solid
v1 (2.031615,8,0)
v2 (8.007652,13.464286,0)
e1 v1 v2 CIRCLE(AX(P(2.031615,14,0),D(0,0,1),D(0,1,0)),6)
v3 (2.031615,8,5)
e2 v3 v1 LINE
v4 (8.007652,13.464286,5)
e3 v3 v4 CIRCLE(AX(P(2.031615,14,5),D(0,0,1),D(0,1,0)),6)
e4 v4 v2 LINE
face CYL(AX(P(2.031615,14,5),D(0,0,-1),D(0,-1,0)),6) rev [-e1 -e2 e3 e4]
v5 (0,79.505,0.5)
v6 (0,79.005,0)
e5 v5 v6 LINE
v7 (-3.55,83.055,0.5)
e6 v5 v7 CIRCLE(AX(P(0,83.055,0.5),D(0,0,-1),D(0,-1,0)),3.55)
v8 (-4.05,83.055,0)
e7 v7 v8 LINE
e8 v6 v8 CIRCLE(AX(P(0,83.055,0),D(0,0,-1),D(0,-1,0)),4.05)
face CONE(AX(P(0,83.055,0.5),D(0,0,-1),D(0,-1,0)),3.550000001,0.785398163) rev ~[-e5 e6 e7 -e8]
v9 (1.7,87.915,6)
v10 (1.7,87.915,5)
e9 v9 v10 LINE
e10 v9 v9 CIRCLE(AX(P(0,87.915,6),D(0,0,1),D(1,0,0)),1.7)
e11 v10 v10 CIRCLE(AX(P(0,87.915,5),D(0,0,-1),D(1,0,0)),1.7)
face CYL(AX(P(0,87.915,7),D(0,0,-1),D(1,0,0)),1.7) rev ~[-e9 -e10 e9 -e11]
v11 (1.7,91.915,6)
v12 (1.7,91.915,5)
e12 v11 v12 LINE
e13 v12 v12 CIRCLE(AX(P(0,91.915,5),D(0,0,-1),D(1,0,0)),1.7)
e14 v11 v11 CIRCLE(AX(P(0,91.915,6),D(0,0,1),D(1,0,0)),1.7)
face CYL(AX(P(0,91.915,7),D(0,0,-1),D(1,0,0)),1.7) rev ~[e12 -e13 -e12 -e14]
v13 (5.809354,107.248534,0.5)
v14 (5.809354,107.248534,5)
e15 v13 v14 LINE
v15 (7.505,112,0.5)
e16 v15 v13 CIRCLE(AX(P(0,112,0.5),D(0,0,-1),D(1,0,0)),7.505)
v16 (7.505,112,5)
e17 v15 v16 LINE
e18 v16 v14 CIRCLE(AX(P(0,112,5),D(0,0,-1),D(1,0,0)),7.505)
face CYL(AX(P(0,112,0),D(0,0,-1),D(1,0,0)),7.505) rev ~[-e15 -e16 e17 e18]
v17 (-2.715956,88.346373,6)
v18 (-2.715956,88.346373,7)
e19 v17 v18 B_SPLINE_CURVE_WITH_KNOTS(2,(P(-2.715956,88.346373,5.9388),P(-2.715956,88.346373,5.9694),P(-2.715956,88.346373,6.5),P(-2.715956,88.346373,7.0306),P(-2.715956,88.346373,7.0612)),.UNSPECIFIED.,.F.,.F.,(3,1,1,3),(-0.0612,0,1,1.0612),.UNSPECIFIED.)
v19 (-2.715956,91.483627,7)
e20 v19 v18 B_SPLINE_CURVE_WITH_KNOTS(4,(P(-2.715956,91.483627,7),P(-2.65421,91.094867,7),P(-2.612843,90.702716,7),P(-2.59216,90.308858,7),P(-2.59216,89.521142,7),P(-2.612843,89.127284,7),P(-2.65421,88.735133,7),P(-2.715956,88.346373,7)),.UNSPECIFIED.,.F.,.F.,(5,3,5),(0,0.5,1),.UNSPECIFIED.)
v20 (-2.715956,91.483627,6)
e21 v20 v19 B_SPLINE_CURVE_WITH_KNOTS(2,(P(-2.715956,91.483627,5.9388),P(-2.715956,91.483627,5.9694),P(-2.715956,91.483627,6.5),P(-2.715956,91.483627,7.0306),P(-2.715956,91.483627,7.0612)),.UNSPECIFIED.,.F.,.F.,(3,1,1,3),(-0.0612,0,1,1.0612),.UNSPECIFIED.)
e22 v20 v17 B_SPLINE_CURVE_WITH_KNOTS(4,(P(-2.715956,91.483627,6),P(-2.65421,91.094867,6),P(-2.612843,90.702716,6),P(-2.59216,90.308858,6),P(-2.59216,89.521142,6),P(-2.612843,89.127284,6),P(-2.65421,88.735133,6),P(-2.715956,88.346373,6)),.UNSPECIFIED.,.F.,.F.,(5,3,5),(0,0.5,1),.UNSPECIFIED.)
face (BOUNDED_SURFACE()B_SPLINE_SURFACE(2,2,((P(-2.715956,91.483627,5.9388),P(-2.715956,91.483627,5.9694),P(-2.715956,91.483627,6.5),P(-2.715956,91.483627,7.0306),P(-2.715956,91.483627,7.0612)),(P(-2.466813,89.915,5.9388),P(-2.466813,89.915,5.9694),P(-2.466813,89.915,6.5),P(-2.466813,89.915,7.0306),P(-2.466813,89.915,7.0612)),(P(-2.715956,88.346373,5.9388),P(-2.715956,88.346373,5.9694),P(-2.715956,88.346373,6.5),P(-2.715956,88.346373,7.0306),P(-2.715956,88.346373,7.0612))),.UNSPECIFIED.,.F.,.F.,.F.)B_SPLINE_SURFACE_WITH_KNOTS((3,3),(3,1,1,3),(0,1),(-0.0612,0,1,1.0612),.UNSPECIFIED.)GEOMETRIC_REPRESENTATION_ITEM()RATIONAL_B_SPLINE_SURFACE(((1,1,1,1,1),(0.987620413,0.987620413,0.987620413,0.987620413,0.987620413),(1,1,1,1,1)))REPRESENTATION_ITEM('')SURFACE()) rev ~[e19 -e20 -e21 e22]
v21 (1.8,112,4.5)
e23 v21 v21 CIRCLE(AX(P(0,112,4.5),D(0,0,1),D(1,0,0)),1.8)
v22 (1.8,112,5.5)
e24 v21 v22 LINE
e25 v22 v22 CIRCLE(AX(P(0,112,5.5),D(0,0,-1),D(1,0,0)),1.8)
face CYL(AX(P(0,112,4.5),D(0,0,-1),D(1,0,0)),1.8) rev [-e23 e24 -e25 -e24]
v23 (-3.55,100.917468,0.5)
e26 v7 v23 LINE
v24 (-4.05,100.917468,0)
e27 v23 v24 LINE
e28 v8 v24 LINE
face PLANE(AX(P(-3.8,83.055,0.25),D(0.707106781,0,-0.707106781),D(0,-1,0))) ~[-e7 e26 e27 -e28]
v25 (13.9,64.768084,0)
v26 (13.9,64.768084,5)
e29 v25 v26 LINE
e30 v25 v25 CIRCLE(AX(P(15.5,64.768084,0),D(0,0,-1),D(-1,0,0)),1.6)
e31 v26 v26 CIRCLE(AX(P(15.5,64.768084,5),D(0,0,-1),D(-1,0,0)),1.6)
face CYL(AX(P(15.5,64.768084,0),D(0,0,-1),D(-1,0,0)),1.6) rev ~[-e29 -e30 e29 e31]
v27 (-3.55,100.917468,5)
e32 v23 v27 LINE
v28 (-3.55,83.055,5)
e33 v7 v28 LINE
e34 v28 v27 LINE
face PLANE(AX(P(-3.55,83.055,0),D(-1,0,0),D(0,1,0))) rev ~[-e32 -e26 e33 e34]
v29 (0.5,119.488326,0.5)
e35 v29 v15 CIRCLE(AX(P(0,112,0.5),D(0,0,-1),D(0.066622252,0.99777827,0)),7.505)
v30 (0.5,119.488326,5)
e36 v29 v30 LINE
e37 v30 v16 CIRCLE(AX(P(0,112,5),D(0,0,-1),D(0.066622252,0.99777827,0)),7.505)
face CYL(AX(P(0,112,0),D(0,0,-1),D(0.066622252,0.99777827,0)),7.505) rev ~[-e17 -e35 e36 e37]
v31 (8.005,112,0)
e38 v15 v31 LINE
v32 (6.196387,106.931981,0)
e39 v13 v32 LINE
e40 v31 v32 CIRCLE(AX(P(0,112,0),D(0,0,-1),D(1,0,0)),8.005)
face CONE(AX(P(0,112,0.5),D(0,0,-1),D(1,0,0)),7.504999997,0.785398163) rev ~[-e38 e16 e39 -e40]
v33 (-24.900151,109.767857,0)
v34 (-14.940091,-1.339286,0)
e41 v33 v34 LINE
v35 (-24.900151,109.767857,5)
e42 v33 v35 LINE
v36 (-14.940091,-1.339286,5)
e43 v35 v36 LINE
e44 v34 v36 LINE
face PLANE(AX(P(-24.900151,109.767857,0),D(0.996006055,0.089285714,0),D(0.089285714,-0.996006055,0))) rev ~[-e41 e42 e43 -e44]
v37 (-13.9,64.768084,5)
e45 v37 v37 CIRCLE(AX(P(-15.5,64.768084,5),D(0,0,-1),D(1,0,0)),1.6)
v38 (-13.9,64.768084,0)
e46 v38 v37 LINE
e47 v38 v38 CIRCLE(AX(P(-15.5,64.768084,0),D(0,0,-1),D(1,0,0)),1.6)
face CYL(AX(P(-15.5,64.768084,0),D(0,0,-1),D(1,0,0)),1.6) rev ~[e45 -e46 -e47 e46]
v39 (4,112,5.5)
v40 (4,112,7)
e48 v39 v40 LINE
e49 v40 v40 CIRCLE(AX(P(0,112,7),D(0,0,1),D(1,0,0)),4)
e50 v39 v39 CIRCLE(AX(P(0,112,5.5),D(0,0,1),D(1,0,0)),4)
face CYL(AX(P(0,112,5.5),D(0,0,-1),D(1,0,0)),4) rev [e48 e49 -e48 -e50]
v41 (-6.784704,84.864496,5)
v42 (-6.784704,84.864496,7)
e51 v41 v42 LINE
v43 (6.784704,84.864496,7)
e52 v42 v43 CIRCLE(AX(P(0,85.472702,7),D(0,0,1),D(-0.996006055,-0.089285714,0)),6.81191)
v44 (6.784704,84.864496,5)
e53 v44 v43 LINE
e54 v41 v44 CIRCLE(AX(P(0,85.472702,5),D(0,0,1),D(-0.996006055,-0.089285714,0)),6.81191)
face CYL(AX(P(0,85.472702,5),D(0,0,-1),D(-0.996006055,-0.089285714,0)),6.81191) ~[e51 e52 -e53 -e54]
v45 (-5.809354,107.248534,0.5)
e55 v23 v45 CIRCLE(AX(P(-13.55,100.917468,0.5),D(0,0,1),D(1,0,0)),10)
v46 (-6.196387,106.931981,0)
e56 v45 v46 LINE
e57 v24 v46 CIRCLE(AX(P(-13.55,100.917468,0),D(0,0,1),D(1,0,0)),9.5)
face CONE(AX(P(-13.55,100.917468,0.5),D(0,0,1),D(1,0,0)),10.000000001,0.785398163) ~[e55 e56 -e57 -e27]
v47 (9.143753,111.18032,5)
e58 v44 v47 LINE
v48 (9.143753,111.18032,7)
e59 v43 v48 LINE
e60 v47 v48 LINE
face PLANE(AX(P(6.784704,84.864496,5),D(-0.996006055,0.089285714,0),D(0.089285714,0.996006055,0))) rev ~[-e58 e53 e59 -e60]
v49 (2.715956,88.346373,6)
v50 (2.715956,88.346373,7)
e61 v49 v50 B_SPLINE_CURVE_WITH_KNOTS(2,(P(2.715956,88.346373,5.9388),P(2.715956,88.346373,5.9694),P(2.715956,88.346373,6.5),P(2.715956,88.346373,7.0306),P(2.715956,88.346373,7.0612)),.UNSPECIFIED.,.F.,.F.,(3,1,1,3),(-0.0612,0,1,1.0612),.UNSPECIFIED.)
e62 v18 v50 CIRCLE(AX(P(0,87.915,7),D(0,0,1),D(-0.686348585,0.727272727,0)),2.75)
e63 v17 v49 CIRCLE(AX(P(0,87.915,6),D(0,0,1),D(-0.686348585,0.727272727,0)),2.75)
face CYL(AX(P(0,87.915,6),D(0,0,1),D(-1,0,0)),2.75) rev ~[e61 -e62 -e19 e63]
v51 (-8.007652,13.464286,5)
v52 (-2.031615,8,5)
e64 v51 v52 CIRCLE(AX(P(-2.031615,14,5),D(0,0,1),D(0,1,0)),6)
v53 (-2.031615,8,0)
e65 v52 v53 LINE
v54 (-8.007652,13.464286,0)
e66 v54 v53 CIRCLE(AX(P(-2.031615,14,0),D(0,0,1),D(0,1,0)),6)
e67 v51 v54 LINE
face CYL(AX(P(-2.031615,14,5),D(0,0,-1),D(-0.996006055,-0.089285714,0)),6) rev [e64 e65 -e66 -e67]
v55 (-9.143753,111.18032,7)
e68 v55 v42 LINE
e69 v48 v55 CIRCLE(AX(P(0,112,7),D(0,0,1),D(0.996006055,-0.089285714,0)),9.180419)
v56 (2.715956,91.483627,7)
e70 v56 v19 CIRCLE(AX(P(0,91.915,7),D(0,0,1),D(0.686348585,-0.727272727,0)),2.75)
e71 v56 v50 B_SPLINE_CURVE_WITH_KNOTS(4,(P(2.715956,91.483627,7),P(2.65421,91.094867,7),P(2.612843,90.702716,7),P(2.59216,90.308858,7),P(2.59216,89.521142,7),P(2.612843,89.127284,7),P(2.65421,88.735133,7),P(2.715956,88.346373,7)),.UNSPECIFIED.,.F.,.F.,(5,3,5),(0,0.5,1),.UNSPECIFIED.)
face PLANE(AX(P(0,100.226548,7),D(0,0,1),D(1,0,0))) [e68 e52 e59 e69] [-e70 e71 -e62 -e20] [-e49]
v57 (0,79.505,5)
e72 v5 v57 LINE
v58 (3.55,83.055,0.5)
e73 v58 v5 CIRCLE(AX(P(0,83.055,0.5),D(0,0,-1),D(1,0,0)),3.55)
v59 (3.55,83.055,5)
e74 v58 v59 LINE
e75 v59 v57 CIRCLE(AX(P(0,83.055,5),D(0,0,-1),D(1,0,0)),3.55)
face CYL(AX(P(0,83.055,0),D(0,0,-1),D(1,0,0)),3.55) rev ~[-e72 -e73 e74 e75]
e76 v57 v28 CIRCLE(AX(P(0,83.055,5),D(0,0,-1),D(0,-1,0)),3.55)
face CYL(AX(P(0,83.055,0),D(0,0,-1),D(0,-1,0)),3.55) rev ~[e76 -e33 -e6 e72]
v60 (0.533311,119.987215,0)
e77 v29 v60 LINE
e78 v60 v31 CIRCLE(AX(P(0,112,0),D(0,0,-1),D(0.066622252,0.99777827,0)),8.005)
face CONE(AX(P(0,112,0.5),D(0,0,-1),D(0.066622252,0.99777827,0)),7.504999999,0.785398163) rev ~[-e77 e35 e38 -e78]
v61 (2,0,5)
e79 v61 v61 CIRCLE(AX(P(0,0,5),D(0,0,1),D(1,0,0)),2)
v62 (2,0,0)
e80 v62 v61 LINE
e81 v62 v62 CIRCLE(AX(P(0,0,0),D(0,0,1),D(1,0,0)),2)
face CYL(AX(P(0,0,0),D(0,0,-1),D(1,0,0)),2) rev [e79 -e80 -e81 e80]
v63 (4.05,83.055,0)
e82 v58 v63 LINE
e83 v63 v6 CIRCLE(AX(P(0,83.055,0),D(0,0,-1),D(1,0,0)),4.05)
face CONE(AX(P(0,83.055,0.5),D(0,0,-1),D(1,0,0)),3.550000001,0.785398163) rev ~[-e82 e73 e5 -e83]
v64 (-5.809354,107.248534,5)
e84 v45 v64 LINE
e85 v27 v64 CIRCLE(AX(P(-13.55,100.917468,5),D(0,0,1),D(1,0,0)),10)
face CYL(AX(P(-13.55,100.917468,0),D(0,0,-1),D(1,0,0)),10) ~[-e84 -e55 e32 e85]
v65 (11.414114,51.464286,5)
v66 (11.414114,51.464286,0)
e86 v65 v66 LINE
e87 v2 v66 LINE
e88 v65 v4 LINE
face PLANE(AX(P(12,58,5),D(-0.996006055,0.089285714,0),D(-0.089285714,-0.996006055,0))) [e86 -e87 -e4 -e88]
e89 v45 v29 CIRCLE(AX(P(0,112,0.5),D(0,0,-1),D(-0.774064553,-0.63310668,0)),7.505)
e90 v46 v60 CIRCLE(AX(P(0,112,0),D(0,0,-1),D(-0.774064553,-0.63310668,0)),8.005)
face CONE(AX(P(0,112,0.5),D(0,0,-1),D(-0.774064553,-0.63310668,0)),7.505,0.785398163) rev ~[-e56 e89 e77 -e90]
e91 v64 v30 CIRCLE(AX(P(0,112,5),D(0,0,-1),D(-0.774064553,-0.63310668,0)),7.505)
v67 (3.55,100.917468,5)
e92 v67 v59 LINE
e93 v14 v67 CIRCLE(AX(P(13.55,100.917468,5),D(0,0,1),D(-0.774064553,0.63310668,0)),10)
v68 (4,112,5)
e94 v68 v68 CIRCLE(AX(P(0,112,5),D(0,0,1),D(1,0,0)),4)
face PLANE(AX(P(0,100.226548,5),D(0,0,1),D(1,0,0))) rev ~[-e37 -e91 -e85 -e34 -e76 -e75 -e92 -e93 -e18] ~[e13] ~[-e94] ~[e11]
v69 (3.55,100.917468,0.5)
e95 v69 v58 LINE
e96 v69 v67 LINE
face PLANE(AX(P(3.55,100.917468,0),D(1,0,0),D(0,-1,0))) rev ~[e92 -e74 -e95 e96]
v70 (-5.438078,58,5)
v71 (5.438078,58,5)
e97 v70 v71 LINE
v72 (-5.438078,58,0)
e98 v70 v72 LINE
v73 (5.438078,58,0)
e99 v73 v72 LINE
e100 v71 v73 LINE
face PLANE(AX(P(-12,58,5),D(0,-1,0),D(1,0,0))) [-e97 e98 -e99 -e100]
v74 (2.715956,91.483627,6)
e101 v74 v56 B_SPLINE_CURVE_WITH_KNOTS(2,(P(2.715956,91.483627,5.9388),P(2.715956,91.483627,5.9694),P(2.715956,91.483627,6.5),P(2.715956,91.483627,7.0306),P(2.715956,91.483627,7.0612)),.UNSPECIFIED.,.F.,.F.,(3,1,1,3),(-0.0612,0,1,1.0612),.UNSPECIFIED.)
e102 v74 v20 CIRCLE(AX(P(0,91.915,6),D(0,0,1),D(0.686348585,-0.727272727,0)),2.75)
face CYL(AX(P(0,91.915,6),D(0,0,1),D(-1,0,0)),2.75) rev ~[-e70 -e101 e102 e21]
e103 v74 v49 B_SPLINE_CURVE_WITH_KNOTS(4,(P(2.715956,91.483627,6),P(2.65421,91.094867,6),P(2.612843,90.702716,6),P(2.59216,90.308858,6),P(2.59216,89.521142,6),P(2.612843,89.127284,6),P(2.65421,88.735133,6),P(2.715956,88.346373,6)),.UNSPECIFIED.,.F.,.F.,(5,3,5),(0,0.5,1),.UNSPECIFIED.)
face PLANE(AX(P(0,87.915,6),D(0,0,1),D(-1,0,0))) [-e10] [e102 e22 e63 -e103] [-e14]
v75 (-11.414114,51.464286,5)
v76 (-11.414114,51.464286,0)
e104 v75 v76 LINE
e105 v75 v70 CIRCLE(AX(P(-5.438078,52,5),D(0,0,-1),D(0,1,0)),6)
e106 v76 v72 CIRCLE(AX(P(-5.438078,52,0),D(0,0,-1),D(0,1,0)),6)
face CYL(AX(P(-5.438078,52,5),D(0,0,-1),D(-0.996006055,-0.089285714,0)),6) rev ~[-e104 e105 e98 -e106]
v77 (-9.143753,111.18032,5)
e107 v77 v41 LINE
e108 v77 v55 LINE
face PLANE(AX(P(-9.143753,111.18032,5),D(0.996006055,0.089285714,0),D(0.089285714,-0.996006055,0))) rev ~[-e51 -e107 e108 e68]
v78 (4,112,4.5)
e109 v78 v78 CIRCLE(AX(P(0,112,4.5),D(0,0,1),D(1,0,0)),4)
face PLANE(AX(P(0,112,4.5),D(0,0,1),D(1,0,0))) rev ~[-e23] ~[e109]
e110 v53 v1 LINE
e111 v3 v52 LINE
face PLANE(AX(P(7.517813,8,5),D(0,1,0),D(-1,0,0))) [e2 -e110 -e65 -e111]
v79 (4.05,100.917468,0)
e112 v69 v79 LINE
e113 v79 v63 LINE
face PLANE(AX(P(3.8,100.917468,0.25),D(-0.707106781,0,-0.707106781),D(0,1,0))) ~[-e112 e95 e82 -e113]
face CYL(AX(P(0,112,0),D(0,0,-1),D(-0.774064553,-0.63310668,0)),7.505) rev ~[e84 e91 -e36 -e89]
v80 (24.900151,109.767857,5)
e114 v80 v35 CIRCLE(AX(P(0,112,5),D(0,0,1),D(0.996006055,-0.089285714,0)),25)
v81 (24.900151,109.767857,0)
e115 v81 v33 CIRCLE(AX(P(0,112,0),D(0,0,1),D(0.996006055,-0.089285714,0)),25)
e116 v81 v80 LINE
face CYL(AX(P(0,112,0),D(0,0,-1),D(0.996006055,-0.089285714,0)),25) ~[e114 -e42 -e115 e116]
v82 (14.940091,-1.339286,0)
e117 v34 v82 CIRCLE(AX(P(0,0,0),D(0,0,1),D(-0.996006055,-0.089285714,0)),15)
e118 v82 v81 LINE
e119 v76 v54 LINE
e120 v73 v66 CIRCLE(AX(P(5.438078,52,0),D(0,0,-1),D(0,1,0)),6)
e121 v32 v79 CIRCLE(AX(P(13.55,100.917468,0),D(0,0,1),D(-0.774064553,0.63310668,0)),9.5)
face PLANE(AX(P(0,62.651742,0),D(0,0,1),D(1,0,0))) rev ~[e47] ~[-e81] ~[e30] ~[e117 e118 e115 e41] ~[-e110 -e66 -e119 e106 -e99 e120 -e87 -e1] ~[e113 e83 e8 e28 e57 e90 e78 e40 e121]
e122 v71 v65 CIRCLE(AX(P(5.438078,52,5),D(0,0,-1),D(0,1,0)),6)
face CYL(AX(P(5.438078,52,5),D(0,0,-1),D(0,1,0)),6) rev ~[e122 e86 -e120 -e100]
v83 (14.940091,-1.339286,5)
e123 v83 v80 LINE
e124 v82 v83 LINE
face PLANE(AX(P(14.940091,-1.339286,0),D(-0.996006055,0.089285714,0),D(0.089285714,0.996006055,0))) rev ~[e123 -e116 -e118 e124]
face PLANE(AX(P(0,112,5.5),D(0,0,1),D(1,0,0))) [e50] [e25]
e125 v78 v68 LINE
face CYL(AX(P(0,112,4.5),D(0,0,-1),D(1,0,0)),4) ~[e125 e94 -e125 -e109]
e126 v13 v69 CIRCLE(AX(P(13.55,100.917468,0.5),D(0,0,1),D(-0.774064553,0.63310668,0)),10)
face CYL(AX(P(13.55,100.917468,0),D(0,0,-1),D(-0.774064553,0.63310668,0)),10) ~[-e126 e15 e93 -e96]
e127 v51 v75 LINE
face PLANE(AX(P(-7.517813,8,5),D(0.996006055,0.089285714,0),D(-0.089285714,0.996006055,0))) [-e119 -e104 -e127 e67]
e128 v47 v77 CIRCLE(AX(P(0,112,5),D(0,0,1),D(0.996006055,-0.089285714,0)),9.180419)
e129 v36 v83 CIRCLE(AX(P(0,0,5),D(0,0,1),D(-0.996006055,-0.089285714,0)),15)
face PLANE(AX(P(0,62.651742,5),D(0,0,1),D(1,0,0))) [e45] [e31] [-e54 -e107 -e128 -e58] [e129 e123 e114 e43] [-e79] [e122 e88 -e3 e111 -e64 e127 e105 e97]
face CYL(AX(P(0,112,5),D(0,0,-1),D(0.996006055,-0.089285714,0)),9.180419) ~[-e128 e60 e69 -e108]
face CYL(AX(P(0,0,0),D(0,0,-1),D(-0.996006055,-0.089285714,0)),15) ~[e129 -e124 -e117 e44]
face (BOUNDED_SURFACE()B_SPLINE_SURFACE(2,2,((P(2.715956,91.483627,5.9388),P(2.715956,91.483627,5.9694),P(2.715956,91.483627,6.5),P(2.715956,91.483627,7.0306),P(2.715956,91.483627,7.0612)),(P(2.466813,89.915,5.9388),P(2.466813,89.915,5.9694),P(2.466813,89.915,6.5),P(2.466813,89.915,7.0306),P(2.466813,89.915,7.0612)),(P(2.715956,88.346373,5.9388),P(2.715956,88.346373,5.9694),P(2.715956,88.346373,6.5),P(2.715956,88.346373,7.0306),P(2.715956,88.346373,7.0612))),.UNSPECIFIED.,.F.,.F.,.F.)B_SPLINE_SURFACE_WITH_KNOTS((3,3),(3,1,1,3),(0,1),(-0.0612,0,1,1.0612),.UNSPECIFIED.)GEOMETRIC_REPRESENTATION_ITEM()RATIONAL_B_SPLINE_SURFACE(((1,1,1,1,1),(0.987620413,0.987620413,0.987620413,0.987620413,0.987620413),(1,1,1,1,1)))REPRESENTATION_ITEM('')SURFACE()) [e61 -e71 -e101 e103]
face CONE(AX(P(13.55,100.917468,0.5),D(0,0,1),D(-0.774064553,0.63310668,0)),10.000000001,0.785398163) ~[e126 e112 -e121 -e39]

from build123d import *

# Parameters (mm, degrees)
CROQUIS1_R                                           = 2
SALIENTE_EXTRUIR1_DEPTH                              = 5
CROQUIS11_R                                          = 1.6
CORTAR_EXTRUIR1_DEPTH                                = 6
CORTAR_EXTRUIR2_REACH                                = 141.352
CROQUIS13_R                                          = 1.8
SALIENTE_EXTRUIR2_DEPTH                              = 2
SALIENTE_EXTRUIR3_START                              = -0.5
CROQUIS13_3_R                                        = 4
CROQUIS13_3_R_2                                      = 1.8
SALIENTE_EXTRUIR3_DEPTH                              = 0.5
CORTAR_EXTRUIR3_START                                = -1.5
CROQUIS14_R                                          = 4
CORTAR_EXTRUIR3_DEPTH                                = 1.5
CHAFL_N1_SIZE                                        = 0.5
REFRENTADO_PARA_TORNILLO_CON_CABEZA_TRON_D           = 3.4
REFRENTADO_PARA_TORNILLO_CON_CABEZA_TRON_CBORE_D     = 5.5
REFRENTADO_PARA_TORNILLO_CON_CABEZA_TRON_CBORE_DEPTH = 1
REDONDEO1_R                                          = 10
REDONDEO2_R                                          = 6


with BuildPart() as part:
    # Croquis1 → Saliente-Extruir1 (new body)
    with BuildSketch(Plane.XY):
        with BuildLine():
            Line((-24.90015137, 109.767857143), (-14.940090822, -1.339285714))
            ThreePointArc((-14.940090822, -1.339285714), (0, -15), (14.940090822, -1.339285714))
            Line((14.940090822, -1.339285714), (24.90015137, 109.767857143))
            ThreePointArc((24.90015137, 109.767857143), (0, 137), (-24.90015137, 109.767857143))
        make_face()
        Circle(CROQUIS1_R, mode=Mode.SUBTRACT)
        with BuildLine():
            ThreePointArc((0, 79.505), (-2.510229073, 80.544770927), (-3.55, 83.055))
            Line((-3.55, 83.055), (-3.55, 100.917467573))
            ThreePointArc((-3.55, 100.917467573), (-4.131760905, 104.278534717), (-5.80935447, 107.248534369))
            ThreePointArc((-5.80935447, 107.248534369), (-6.670864673, 115.438690086), (0.5, 119.488325914))
            ThreePointArc((0.5, 119.488325914), (5.480762949, 117.127013019), (7.505, 112))
            ThreePointArc((7.505, 112), (7.068388441, 109.477519108), (5.80935447, 107.248534369))
            ThreePointArc((5.80935447, 107.248534369), (4.131760905, 104.278534717), (3.55, 100.917467573))
            Line((3.55, 100.917467573), (3.55, 83.055))
            ThreePointArc((3.55, 83.055), (2.510229073, 80.544770927), (0, 79.505))
        make_face(mode=Mode.SUBTRACT)
    extrude(amount=SALIENTE_EXTRUIR1_DEPTH)

    # Croquis11 → Cortar-Extruir1 (cut)
    with BuildSketch(Plane(origin=(0, 0, 0), x_dir=(-1, 0, 0), z_dir=(0, 0, -1))):
        with Locations((-15.5, 64.768083746)):
            Circle(CROQUIS11_R)
        with Locations(Location((15.5, 64.768083746, 0), (0, 0, 180))):
            Circle(CROQUIS11_R)
    extrude(amount=-CORTAR_EXTRUIR1_DEPTH, mode=Mode.SUBTRACT)

    # Croquis12 → Cortar-Extruir2 (cut, up to next)
    with BuildSketch(Plane.XY.offset(5), mode=Mode.PRIVATE) as cortar_extruir2_sk1:
        Polygon((-12, 58), (12, 58), (7.517812675, 8), (-7.517812675, 8), align=None)
    cortar_extruir2_tool1 = extrude(cortar_extruir2_sk1.sketch, amount=-CORTAR_EXTRUIR2_REACH, mode=Mode.PRIVATE) & part.part
    add(cortar_extruir2_tool1.solids().sort_by_distance((0, 34.913717, 5))[0], mode=Mode.SUBTRACT)

    # Croquis13 → Saliente-Extruir2 (add)
    with BuildSketch(Plane.XY.offset(5)):
        with BuildLine():
            Line((6.784704059, 84.864496193), (9.143753072, 111.180319718))
            ThreePointArc((9.143753072, 111.180319718), (0, 121.180419163), (-9.143753072, 111.180319718))
            Line((-9.143753072, 111.180319718), (-6.784704059, 84.864496193))
            ThreePointArc((-6.784704059, 84.864496193), (0, 78.660792028), (6.784704059, 84.864496193))
        make_face()
        with Locations((0, 112)):
            Circle(CROQUIS13_R, mode=Mode.SUBTRACT)
    extrude(amount=SALIENTE_EXTRUIR2_DEPTH)

    # Croquis13<3> → Saliente-Extruir3 (add)
    with BuildSketch(Plane.XY.offset(5).offset(SALIENTE_EXTRUIR3_START)):
        with Locations((0, 112)):
            Circle(CROQUIS13_3_R)
        with Locations((0, 112)):
            Circle(CROQUIS13_3_R_2, mode=Mode.SUBTRACT)
    extrude(amount=SALIENTE_EXTRUIR3_DEPTH)

    # Croquis14 → Cortar-Extruir3 (cut)
    with BuildSketch(Plane.XY.offset(7).offset(CORTAR_EXTRUIR3_START)):
        with Locations((0, 112)):
            Circle(CROQUIS14_R)
    extrude(amount=CORTAR_EXTRUIR3_DEPTH, mode=Mode.SUBTRACT)

    # Chaflán1
    chafl_n1_edges = [part.edges().sort_by_distance(p)[0] for p in [
        (3.55, 91.986233786, 0),
        (4.131760905, 104.278534717, 0),
        (-2.522480892, 119.068388441, 0),
        (-4.131760905, 104.278534717, 0),
        (-3.55, 91.986233786, 0),
        (0, 79.505, 0),
    ]]
    chamfer(chafl_n1_edges, length=CHAFL_N1_SIZE)

    # Refrentado para tornillo con cabeza troncocónica de M31 (through all)
    with Locations(Plane(origin=(0, 0, 7), x_dir=(-1, 0, 0), z_dir=(0, 0, 1))):
        with Locations((0, -91.915), (0, -87.915)):
            CounterBoreHole(REFRENTADO_PARA_TORNILLO_CON_CABEZA_TRON_D / 2, REFRENTADO_PARA_TORNILLO_CON_CABEZA_TRON_CBORE_D / 2, REFRENTADO_PARA_TORNILLO_CON_CABEZA_TRON_CBORE_DEPTH)

    # Redondeo1
    redondeo1_edges = [part.edges().sort_by_distance(p)[0] for p in [
        (-1.887458609, 89.915, 6.5),
        (1.887458609, 89.915, 6.5),
    ]]
    fillet(redondeo1_edges, radius=REDONDEO1_R)

    # Redondeo2
    redondeo2_edges = [part.edges().sort_by_distance(p)[0] for p in [
        (7.517812675, 8, 2.5),
        (-7.517812675, 8, 2.5),
        (-12, 58, 2.5),
        (12, 58, 2.5),
    ]]
    fillet(redondeo2_edges, radius=REDONDEO2_R)


solid = part.part
